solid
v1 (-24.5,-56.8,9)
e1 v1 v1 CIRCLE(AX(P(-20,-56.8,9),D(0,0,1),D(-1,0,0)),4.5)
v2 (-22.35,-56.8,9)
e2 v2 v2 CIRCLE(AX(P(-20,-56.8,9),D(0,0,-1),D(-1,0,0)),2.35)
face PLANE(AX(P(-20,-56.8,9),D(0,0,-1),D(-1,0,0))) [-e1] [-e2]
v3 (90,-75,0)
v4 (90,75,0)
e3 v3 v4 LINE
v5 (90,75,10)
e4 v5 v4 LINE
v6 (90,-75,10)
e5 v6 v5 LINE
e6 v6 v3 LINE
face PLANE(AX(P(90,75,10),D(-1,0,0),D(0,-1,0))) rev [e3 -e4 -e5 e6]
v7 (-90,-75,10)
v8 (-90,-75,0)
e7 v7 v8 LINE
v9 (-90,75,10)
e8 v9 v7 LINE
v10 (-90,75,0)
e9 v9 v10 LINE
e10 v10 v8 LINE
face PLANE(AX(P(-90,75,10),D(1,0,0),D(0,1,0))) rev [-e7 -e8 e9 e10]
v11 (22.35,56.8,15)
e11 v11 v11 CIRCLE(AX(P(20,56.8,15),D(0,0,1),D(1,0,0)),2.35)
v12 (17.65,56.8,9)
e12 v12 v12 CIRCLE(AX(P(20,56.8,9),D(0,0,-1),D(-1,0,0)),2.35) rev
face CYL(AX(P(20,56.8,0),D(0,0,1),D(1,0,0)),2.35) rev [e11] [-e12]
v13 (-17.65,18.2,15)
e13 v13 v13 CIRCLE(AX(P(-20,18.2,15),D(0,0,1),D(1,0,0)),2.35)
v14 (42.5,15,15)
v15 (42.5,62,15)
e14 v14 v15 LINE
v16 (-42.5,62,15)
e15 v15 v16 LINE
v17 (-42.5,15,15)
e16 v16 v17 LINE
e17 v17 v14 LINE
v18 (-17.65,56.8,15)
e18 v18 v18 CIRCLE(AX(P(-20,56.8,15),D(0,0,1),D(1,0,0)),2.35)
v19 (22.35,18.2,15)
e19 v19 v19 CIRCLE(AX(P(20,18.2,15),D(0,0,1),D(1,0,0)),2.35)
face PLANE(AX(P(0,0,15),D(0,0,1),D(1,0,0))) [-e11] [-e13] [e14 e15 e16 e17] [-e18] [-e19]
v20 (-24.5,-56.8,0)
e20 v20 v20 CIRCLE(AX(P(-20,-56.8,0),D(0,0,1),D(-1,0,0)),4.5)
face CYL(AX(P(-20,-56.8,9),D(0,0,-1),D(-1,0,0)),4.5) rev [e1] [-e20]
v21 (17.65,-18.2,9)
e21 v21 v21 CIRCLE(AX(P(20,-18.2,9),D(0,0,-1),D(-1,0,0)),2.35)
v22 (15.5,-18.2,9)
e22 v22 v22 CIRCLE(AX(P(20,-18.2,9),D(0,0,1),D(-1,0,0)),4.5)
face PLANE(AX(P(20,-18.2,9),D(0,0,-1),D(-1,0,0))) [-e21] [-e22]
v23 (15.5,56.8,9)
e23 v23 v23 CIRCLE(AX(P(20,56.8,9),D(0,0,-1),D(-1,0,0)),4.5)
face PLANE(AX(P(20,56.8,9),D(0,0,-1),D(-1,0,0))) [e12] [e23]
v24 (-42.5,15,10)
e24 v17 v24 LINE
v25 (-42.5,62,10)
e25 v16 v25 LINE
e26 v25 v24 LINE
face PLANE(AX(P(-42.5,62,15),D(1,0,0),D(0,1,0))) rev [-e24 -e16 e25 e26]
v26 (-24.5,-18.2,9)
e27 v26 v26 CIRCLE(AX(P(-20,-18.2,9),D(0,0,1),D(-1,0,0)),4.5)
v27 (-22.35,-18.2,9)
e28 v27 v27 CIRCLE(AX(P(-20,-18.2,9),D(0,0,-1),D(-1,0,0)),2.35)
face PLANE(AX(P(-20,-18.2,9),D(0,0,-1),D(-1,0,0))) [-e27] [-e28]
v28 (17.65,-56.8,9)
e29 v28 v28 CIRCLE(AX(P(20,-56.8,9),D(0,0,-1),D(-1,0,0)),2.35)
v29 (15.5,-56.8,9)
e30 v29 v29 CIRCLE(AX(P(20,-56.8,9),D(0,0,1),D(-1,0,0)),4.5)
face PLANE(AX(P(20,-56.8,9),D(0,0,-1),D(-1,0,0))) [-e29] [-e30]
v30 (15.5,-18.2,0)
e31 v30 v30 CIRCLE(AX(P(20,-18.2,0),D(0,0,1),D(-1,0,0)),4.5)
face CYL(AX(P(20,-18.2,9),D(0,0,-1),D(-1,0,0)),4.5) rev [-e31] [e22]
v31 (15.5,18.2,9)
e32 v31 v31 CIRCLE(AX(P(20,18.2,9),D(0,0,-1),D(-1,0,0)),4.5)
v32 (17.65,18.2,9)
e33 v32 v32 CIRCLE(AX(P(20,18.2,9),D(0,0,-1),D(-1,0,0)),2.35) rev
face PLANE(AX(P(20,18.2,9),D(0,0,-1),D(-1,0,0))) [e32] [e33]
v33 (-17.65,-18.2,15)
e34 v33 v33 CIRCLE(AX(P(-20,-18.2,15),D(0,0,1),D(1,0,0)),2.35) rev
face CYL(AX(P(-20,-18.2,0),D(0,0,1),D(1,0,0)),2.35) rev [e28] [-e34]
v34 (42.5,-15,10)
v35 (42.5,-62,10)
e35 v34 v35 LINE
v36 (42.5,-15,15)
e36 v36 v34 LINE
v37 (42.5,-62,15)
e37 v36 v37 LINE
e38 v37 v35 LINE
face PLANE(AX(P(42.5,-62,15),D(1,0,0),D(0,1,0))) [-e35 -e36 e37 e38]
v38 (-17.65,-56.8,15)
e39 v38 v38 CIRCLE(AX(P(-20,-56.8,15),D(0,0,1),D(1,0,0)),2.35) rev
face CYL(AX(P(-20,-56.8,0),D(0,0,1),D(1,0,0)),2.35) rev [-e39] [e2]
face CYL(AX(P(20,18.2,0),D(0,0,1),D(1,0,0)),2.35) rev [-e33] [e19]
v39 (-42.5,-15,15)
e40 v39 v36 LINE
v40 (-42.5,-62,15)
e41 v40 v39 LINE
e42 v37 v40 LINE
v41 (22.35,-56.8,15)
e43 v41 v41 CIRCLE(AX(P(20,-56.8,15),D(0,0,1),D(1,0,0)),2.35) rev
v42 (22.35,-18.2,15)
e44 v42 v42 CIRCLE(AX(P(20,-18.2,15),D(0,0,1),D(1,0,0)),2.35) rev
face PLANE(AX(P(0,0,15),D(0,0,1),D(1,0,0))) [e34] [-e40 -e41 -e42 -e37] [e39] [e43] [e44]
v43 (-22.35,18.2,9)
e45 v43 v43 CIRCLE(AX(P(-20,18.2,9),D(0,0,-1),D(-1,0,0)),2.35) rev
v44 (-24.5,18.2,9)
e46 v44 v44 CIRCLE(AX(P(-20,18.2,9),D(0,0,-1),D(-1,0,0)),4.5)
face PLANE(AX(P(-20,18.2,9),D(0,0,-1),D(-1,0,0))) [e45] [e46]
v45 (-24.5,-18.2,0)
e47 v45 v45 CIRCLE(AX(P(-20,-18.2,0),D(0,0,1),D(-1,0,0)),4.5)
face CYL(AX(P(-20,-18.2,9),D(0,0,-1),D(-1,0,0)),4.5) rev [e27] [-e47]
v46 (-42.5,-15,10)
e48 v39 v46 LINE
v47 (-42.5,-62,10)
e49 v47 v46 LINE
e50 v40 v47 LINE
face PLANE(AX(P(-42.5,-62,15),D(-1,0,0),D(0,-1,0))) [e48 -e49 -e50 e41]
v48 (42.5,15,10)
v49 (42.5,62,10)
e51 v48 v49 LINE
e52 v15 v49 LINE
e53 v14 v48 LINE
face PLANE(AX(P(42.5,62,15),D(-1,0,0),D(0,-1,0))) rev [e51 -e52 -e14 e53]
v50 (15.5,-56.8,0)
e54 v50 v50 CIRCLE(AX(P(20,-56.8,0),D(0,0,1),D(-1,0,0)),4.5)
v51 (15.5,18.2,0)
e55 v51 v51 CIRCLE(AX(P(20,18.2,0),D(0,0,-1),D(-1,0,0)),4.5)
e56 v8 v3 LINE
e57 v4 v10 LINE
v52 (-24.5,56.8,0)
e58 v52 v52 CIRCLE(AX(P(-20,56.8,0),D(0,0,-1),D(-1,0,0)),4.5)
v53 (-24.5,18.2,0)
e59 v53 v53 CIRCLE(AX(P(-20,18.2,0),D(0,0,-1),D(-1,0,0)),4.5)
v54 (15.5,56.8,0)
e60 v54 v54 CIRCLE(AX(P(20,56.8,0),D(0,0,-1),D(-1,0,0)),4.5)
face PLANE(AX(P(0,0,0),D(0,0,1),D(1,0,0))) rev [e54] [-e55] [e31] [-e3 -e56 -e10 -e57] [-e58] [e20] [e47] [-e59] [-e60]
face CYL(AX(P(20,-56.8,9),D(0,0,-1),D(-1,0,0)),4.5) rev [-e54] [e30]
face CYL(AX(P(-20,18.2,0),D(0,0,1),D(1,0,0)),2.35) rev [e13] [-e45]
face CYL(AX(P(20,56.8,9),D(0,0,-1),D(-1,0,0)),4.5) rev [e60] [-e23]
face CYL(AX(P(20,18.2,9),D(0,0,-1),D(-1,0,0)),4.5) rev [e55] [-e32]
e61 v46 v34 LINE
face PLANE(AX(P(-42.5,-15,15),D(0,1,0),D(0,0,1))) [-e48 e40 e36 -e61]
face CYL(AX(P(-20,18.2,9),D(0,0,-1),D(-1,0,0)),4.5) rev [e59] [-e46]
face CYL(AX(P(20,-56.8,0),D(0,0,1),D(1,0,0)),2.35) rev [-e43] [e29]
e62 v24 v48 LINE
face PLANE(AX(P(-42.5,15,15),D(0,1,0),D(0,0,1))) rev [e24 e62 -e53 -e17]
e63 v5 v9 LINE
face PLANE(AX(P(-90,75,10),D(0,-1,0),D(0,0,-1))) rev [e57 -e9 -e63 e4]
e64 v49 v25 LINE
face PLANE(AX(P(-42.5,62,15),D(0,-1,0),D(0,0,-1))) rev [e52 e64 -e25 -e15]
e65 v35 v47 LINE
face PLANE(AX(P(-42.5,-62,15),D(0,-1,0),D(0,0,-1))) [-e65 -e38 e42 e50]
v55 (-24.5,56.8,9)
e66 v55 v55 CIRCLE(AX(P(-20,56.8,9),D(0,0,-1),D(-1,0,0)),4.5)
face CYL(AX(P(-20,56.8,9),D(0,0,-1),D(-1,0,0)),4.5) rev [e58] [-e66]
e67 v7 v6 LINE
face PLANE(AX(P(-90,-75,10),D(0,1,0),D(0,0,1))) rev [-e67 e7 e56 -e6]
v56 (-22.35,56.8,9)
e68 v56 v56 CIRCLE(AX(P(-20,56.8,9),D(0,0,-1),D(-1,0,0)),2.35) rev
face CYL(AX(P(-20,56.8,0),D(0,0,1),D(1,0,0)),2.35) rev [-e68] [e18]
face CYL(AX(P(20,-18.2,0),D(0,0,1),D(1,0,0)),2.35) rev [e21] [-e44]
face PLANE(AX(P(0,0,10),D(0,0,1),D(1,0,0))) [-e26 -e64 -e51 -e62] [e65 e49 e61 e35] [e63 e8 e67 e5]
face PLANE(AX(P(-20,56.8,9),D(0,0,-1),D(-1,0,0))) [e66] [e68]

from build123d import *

# Parameters (mm, degrees)
SKIZZE1_W                       = 180
SKIZZE1_H                       = 150
AUFSATZ_LINEAR_AUSTRAGEN1_DEPTH = 10
SKIZZE2_W                       = 85
SKIZZE2_H                       = 47
AUFSATZ_LINEAR_AUSTRAGEN2_DEPTH = 5
SKIZZE4_R                       = 2.35
SCHNITT_LINEAR_AUSTRAGEN1_DEPTH = 119.11011811
SKIZZE5_R                       = 4.5
SCHNITT_LINEAR_AUSTRAGEN2_DEPTH = 9


with BuildPart() as part:
    # Skizze1 → Aufsatz-Linear austragen1 (new body)
    with BuildSketch(Plane.XY):
        Rectangle(SKIZZE1_W, SKIZZE1_H)
    extrude(amount=AUFSATZ_LINEAR_AUSTRAGEN1_DEPTH)

    # Skizze2 → Aufsatz-Linear austragen2 (add)
    with BuildSketch(Plane.XY.offset(10)):
        with Locations((0, 38.5)):
            Rectangle(SKIZZE2_W, SKIZZE2_H)
    aufsatz_linear_austragen2 = extrude(amount=AUFSATZ_LINEAR_AUSTRAGEN2_DEPTH)

    # Skizze4 → Schnitt-Linear austragen1 (cut, symmetric)
    with BuildSketch(Plane.XY.offset(15)):
        with Locations((-20, 56.8)):
            Circle(SKIZZE4_R)
        with Locations((-20, 18.2)):
            Circle(SKIZZE4_R)
        with Locations((20, 56.8)):
            Circle(SKIZZE4_R)
        with Locations((20, 18.2)):
            Circle(SKIZZE4_R)
    schnitt_linear_austragen1 = extrude(amount=SCHNITT_LINEAR_AUSTRAGEN1_DEPTH, both=True, mode=Mode.SUBTRACT)

    # Skizze5 → Schnitt-Linear austragen2 (cut)
    with BuildSketch(Plane(origin=(0, 0, 0), x_dir=(-1, 0, 0), z_dir=(0, 0, -1))):
        with Locations((-20, 56.8)):
            Circle(SKIZZE5_R)
        with Locations((20, 56.8)):
            Circle(SKIZZE5_R)
        with Locations((20, 18.2)):
            Circle(SKIZZE5_R)
        with Locations((-20, 18.2)):
            Circle(SKIZZE5_R)
    schnitt_linear_austragen2 = extrude(amount=-SCHNITT_LINEAR_AUSTRAGEN2_DEPTH, mode=Mode.SUBTRACT)

    # Spiegeln8: Aufsatz-Linear austragen2, Schnitt-Linear austragen1, Schnitt-Linear austragen2 across plane
    add(aufsatz_linear_austragen2.mirror(Plane.ZX))
    add(schnitt_linear_austragen1.mirror(Plane.ZX), mode=Mode.SUBTRACT)
    add(schnitt_linear_austragen2.mirror(Plane.ZX), mode=Mode.SUBTRACT)


solid = part.part
